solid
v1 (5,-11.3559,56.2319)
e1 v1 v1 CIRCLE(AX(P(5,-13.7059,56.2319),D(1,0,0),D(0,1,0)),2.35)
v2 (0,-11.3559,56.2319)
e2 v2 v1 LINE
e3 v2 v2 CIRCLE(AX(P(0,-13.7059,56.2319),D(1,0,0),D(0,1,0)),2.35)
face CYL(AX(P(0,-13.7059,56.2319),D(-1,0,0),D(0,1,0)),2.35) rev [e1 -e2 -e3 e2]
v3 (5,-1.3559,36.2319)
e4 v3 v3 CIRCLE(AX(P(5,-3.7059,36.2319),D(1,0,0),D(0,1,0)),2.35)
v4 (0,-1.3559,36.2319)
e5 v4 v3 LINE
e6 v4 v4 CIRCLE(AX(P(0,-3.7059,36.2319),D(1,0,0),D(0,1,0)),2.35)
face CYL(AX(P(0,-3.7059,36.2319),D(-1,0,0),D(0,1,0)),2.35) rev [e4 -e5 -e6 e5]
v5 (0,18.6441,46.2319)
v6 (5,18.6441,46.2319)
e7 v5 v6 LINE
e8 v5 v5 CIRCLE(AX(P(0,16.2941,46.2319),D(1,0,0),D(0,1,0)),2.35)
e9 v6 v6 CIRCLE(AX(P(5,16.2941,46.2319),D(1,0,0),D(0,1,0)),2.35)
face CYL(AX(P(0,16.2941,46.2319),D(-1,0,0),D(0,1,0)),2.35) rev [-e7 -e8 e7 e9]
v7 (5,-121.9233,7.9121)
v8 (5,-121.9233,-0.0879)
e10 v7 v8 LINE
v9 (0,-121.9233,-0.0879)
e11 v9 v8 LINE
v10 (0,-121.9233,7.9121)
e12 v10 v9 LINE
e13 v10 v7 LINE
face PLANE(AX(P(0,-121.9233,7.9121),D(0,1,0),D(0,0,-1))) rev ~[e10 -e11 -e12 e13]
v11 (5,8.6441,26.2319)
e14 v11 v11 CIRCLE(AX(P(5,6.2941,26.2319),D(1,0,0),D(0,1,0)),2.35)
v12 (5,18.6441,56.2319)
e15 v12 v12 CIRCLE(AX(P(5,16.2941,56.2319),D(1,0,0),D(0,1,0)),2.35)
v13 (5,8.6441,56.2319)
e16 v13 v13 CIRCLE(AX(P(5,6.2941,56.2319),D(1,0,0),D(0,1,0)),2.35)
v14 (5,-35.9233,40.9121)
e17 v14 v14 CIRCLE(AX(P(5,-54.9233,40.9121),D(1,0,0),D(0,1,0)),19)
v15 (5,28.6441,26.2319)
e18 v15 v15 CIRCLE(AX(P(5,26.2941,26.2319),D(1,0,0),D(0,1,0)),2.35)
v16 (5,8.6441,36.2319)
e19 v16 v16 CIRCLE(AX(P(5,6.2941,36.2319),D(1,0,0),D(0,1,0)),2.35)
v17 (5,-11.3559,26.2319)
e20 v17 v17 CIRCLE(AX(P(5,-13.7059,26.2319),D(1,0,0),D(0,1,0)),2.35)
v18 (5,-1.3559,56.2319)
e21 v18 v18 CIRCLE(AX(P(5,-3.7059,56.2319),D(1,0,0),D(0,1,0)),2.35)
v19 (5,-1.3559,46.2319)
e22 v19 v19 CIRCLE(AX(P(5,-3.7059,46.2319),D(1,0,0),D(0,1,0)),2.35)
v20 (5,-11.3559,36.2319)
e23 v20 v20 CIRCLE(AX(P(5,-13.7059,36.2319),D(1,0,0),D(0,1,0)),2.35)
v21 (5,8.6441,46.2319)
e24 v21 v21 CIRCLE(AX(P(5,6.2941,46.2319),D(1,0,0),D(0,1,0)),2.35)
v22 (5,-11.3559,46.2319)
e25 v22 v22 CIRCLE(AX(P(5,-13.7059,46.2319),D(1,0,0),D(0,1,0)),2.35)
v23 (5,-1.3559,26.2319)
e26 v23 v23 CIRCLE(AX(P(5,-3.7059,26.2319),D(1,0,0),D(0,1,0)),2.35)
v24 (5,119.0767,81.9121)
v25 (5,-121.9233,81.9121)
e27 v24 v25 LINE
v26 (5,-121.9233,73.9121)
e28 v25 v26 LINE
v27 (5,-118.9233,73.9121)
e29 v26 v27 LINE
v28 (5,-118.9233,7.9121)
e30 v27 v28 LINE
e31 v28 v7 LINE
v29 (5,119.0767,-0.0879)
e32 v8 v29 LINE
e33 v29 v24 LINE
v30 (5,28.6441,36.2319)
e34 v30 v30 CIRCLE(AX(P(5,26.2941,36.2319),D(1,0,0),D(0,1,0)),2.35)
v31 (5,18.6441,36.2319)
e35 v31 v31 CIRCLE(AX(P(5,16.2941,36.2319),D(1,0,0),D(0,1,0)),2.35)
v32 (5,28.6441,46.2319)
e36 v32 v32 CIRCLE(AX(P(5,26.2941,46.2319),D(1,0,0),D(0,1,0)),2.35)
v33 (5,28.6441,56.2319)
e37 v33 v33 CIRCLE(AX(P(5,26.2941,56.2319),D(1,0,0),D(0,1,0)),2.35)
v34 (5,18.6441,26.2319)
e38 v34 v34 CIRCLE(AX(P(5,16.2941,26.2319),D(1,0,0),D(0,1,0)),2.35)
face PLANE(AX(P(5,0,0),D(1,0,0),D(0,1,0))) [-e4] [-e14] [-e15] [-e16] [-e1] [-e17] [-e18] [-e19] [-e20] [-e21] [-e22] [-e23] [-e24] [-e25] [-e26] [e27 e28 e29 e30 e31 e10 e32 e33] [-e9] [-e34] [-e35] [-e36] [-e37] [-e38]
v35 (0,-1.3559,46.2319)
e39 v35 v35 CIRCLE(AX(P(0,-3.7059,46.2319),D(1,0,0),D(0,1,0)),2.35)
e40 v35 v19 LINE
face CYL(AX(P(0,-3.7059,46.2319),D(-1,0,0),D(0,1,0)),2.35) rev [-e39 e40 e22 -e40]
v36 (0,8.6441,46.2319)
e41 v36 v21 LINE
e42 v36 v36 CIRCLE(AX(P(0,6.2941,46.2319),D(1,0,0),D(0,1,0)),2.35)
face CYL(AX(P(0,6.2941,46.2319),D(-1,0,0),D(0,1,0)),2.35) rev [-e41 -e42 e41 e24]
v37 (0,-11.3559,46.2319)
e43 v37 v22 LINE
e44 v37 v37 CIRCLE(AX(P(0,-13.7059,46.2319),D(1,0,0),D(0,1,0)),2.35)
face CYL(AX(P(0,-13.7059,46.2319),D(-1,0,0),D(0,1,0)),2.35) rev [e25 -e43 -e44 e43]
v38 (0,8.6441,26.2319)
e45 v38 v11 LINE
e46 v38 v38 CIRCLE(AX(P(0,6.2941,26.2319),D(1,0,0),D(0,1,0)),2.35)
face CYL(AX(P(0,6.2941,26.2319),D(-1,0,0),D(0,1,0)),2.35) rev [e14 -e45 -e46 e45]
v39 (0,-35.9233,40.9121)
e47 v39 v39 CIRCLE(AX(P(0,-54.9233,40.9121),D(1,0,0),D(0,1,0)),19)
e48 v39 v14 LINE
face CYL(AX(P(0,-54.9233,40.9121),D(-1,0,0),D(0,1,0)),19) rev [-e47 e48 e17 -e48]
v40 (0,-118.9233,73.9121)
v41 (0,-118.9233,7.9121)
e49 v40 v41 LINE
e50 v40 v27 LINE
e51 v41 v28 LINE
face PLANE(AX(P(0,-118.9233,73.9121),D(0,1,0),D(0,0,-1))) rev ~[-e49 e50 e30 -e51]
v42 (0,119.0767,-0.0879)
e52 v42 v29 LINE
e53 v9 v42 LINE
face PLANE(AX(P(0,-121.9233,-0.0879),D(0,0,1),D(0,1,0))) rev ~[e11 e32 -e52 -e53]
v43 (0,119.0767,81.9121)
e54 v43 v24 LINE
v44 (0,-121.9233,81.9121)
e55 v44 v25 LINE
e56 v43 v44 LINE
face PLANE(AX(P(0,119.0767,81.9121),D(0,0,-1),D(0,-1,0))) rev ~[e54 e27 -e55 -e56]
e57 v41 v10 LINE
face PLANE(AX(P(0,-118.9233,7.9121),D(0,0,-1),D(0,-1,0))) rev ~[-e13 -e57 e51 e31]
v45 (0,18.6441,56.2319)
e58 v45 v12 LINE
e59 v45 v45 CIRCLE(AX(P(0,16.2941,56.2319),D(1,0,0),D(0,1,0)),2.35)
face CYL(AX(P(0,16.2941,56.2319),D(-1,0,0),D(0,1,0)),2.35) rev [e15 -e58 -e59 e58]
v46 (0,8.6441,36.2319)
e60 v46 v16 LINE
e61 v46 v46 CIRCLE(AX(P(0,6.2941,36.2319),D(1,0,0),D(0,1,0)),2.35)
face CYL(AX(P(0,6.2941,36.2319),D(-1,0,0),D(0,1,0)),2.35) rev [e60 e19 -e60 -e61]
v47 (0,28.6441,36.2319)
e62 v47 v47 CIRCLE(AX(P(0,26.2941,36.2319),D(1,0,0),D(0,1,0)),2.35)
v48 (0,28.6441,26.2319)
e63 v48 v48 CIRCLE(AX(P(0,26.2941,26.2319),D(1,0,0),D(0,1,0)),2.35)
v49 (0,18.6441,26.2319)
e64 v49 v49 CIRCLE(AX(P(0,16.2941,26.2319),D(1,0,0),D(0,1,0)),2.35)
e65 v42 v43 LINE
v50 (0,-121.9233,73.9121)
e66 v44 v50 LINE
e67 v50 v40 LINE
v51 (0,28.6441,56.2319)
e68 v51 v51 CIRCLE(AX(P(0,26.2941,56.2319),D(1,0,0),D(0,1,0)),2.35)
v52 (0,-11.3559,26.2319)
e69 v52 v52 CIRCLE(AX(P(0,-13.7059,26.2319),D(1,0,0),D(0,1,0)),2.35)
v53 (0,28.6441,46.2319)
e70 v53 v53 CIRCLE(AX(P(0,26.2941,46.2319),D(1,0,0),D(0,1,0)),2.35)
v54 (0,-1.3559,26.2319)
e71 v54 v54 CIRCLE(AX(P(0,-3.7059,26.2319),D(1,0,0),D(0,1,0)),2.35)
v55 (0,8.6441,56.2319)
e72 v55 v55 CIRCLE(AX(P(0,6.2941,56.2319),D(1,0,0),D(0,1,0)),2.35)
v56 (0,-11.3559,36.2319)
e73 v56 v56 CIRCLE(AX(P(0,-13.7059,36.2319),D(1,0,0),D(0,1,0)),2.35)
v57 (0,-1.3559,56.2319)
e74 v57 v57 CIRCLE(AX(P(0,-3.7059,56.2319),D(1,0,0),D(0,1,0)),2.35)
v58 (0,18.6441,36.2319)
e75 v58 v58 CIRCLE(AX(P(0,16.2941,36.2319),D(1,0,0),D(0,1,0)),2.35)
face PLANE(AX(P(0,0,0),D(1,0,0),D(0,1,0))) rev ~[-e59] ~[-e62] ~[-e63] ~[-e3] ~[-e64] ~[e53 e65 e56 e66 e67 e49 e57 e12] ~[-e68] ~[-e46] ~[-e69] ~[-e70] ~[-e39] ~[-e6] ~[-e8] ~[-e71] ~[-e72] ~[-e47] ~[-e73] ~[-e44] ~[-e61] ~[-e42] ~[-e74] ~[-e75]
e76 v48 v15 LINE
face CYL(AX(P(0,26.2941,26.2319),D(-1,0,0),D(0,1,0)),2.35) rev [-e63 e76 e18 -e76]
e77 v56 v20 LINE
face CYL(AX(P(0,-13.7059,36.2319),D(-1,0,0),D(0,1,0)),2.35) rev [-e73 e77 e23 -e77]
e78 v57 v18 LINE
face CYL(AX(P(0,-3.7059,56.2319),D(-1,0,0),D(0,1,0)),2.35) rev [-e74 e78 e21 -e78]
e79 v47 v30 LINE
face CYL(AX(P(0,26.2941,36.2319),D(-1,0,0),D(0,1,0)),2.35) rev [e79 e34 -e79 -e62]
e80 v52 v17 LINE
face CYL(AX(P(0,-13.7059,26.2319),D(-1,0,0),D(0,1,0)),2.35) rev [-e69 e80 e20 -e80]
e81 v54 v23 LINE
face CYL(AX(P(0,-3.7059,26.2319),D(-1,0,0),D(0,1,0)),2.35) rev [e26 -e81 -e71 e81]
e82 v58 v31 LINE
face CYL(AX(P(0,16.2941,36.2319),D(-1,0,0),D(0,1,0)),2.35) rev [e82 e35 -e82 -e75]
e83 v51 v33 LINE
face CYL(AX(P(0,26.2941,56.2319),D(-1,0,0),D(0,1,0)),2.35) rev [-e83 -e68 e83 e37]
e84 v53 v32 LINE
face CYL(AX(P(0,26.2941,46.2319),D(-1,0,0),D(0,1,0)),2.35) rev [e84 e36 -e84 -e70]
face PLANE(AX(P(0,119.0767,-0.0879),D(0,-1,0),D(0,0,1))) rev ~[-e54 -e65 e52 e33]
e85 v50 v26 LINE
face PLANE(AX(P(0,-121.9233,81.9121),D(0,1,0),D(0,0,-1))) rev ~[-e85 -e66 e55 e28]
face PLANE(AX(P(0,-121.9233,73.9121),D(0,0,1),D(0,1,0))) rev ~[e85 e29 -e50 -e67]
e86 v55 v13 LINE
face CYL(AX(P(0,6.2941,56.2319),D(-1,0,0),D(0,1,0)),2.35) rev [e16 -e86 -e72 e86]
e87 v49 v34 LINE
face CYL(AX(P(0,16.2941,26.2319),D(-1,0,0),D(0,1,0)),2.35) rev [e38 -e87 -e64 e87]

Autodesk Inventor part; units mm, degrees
ref_plane "YZ Plane" through (0, 0, 0) normal (1, 0, 0) x (0, 1, 0)
ref_plane "XZ Plane" through (0, 0, 0) normal (0, 1, 0) x (-1, 0, 0)
ref_plane "XY Plane" through (0, 0, 0) normal (0, 0, 1) x (1, 0, 0)
sketch "Sketch1" plane through (0, 0, 0) normal (1, 0, 0) x (0, 1, 0)
  line L0 (119.0767, 81.9121) -> (-121.9233, 81.9121)
  line L1 (-121.9233, 81.9121) -> (-121.9233, -0.0879)
  line L2 (-121.9233, -0.0879) -> (119.0767, -0.0879)
  line L3 (119.0767, -0.0879) -> (119.0767, 81.9121)
  circle A0 centre (-54.9233, 40.9121) radius 19
  line L4 (-121.9233, 73.9121) -> (-118.9233, 73.9121)
  line L5 (-118.9233, 73.9121) -> (-118.9233, 7.9121)
  line L6 (-118.9233, 7.9121) -> (-121.9233, 7.9121)
  line L7 (-121.9233, 7.9121) -> (-121.9233, 73.9121)
  circle A1 centre (26.2941, 56.2319) radius 2.35
  circle A2 centre (16.2941, 56.2319) radius 2.35
  circle A3 centre (6.2941, 56.2319) radius 2.35
  circle A4 centre (-3.7059, 56.2319) radius 2.35
  circle A5 centre (-13.7059, 56.2319) radius 2.35
  circle A6 centre (26.2941, 46.2319) radius 2.35
  circle A7 centre (16.2941, 46.2319) radius 2.35
  circle A8 centre (6.2941, 46.2319) radius 2.35
  circle A9 centre (-3.7059, 46.2319) radius 2.35
  circle A10 centre (-13.7059, 46.2319) radius 2.35
  circle A11 centre (26.2941, 36.2319) radius 2.35
  circle A12 centre (16.2941, 36.2319) radius 2.35
  circle A13 centre (6.2941, 36.2319) radius 2.35
  circle A14 centre (-3.7059, 36.2319) radius 2.35
  circle A15 centre (-13.7059, 36.2319) radius 2.35
  circle A16 centre (26.2941, 26.2319) radius 2.35
  circle A17 centre (16.2941, 26.2319) radius 2.35
  circle A18 centre (6.2941, 26.2319) radius 2.35
  circle A19 centre (-3.7059, 26.2319) radius 2.35
  circle A20 centre (-13.7059, 26.2319) radius 2.35
  point P0 (0, 0)
  point P1 (0, 0)
  dimension "d0" = 241
  dimension "d1" = 82
  dimension "d2" = 38
  dimension "d3" = 41
  dimension "d4" = 174
  dimension "d5" = 66
  dimension "d6" = 3
  dimension "d7" = 8
  dimension "d21" = 4.7
  dimension "d24" = 10
  dimension "d27" = 10
extrude "Extrusion1" add sketch "Sketch1" along normal blind 5 contours L3 L2 L1 L6 L5 L4 L0
equation "\"d3\" = 0.5 * d1"
equation "\"d7\" = -0.5 * d5 + 0.5 * d1"
properties part number "inner_3Poke"
